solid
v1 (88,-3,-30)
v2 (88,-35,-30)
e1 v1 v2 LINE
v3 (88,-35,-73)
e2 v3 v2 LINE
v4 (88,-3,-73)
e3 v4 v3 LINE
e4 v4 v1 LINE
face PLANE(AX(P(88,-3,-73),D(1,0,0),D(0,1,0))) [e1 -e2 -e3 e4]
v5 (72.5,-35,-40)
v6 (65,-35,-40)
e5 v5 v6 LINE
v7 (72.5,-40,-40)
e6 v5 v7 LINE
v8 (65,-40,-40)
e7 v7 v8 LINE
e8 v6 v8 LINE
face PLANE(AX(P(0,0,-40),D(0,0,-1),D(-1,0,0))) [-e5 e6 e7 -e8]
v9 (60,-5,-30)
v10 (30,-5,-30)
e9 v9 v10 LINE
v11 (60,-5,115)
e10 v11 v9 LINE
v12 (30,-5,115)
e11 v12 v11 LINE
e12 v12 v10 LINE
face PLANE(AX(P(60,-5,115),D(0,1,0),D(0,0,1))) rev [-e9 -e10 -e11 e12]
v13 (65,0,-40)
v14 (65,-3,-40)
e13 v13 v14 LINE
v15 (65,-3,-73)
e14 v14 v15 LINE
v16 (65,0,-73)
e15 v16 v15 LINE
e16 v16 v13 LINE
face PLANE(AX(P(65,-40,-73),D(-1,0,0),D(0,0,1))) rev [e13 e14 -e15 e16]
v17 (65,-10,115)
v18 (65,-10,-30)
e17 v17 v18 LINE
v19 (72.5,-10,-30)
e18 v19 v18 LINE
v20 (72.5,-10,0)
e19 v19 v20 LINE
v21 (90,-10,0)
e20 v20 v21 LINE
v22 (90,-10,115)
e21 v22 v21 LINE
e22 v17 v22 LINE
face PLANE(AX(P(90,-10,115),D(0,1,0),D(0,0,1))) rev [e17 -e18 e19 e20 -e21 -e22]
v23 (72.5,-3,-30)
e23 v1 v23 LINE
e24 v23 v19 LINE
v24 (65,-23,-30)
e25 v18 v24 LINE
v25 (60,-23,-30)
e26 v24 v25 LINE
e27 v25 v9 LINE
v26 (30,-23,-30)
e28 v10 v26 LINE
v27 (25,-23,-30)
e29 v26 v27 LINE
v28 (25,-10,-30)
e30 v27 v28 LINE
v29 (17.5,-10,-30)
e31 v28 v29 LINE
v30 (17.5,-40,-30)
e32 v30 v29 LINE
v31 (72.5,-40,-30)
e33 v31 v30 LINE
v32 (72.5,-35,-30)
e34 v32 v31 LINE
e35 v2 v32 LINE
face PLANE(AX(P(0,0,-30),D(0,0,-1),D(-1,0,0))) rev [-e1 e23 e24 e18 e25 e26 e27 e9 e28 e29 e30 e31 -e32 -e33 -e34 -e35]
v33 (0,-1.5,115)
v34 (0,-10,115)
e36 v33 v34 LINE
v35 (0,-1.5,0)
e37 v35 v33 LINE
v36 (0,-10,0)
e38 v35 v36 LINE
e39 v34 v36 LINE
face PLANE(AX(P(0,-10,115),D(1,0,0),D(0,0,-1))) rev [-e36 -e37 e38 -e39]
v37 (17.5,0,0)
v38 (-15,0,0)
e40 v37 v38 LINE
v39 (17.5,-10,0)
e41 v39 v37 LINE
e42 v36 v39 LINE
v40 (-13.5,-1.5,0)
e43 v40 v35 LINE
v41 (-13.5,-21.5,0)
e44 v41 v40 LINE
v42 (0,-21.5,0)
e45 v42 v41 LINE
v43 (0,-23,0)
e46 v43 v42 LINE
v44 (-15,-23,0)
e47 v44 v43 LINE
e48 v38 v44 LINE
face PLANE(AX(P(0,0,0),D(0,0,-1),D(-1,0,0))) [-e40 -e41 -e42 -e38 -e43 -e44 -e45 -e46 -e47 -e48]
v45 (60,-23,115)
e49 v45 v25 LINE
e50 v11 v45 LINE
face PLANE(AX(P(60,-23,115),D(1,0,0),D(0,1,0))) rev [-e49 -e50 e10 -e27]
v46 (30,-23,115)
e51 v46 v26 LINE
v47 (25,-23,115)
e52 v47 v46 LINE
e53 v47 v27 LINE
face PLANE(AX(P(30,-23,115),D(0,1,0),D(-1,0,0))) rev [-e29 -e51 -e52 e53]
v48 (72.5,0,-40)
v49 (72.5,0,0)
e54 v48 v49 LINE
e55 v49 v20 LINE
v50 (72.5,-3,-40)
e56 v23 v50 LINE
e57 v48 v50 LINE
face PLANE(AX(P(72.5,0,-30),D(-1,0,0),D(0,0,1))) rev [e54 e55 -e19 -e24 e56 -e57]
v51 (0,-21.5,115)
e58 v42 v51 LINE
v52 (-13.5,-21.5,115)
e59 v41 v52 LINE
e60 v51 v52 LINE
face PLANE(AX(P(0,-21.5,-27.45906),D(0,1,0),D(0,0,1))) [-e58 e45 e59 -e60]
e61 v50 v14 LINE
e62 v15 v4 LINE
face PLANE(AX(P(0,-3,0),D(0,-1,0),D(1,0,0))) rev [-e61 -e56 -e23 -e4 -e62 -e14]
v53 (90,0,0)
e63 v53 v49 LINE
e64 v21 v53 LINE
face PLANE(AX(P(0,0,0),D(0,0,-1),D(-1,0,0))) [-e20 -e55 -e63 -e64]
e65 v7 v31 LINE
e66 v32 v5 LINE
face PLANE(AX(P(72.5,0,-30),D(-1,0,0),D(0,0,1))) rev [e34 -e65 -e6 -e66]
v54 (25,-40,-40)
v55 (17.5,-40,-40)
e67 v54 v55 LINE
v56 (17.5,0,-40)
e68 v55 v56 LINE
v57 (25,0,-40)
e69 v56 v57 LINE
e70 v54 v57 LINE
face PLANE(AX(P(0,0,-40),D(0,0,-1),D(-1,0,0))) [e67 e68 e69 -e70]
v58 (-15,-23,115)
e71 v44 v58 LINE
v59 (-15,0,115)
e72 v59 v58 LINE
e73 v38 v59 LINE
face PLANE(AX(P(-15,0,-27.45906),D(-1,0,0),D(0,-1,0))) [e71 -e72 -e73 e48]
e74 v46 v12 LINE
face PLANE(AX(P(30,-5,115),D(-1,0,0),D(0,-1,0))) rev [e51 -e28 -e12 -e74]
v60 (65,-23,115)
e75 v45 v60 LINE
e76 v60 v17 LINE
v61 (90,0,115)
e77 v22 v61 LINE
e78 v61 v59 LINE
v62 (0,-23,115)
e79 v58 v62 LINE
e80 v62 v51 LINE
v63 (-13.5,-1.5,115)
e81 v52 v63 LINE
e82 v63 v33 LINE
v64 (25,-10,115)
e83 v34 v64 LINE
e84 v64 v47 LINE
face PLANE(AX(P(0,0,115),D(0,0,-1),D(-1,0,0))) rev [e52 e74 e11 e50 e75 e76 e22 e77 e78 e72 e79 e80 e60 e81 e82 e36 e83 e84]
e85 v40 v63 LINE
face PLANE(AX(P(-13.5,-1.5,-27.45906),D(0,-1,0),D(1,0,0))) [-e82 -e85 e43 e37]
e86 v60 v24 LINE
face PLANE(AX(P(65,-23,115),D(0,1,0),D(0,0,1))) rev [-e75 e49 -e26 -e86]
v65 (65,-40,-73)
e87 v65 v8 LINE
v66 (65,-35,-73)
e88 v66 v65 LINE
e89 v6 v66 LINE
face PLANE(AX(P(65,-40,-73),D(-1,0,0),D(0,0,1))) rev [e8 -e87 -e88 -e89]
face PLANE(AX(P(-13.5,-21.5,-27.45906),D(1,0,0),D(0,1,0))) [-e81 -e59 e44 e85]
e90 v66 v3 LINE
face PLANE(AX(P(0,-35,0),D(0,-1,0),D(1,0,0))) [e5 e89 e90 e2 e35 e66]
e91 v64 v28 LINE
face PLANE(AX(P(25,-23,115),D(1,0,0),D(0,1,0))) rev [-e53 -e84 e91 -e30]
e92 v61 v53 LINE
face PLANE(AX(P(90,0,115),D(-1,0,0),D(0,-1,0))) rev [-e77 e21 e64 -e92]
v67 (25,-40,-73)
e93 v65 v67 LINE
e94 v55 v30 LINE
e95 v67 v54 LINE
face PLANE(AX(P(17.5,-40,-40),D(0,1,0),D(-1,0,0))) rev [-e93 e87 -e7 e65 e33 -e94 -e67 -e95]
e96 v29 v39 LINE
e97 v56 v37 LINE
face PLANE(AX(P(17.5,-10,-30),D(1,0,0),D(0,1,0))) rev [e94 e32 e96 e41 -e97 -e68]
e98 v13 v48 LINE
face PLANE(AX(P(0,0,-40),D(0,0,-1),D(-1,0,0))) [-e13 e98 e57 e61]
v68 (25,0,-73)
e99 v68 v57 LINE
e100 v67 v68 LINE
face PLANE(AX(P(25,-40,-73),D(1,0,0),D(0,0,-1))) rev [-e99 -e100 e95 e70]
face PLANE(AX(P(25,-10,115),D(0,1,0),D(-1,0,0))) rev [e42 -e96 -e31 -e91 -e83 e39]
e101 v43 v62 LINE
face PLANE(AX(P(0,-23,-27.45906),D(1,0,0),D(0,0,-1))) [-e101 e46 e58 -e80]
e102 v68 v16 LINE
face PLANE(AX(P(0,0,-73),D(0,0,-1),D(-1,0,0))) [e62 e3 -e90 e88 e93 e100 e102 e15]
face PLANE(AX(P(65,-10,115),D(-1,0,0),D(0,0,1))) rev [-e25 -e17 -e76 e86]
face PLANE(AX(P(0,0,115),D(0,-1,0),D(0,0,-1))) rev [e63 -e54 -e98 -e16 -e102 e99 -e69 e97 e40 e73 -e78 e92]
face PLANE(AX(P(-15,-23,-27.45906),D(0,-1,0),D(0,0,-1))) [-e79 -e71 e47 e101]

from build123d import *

# Parameters (mm, degrees)
BOSS_EXTRUDE1_DEPTH = 115
BOSS_EXTRUDE2_DEPTH = 30
SKETCH3_W           = 55
SKETCH3_H           = 40
BOSS_EXTRUDE3_DEPTH = 10
SKETCH4_W           = 40
SKETCH4_H           = 40
BOSS_EXTRUDE4_DEPTH = 33
BOSS_EXTRUDE5_START = -5
BOSS_EXTRUDE5_DEPTH = 32
BOSS_EXTRUDE6_DEPTH = 115


with BuildPart() as part:
    # Sketch1 → Boss-Extrude1 (new body)
    with BuildSketch(Plane.XY):
        Polygon((0, 0), (90, 0), (90, -10), (65, -10), (65, -23), (60, -23), (60, -5), (30, -5), (30, -23), (25, -23), (25, -10), (0, -10), align=None)
    extrude(amount=BOSS_EXTRUDE1_DEPTH)

    # Sketch2 → Boss-Extrude2 (add)
    with BuildSketch(Plane(origin=(0, 0, 0), x_dir=(-1, 0, 0), z_dir=(0, 0, -1))):
        Polygon((-17.5, -10), (-17.5, 0), (-72.5, 0), (-72.5, -10), (-65, -10), (-65, -23), (-60, -23), (-60, -5), (-30, -5), (-30, -23), (-25, -23), (-25, -10), align=None)
    extrude(amount=BOSS_EXTRUDE2_DEPTH)

    # Sketch3 → Boss-Extrude3 (add)
    with BuildSketch(Plane(origin=(0, 0, -30), x_dir=(-1, 0, 0), z_dir=(0, 0, -1))):
        with Locations((-45, -20)):
            Rectangle(SKETCH3_W, SKETCH3_H)
    extrude(amount=BOSS_EXTRUDE3_DEPTH)

    # Sketch4 → Boss-Extrude4 (add)
    with BuildSketch(Plane(origin=(0, 0, -40), x_dir=(-1, 0, 0), z_dir=(0, 0, -1))):
        with Locations((-45, -20)):
            Rectangle(SKETCH4_W, SKETCH4_H)
    extrude(amount=BOSS_EXTRUDE4_DEPTH)

    # Sketch5 → Boss-Extrude5 (add)
    with BuildSketch(Plane.XZ.offset(40).offset(BOSS_EXTRUDE5_START)):
        Polygon((65, -73), (65, -40), (72.5, -40), (72.5, -30), (88, -30), (88, -73), align=None)
    extrude(amount=-BOSS_EXTRUDE5_DEPTH)

    # Sketch7 → Boss-Extrude6 (add)
    with BuildSketch(Plane.XY.offset(115)):
        Polygon((0, 0), (-15, 0), (-15, -23), (0, -23), (0, -21.5), (-13.5, -21.5), (-13.5, -1.5), (0, -1.5), align=None)
    extrude(amount=-BOSS_EXTRUDE6_DEPTH)


solid = part.part
